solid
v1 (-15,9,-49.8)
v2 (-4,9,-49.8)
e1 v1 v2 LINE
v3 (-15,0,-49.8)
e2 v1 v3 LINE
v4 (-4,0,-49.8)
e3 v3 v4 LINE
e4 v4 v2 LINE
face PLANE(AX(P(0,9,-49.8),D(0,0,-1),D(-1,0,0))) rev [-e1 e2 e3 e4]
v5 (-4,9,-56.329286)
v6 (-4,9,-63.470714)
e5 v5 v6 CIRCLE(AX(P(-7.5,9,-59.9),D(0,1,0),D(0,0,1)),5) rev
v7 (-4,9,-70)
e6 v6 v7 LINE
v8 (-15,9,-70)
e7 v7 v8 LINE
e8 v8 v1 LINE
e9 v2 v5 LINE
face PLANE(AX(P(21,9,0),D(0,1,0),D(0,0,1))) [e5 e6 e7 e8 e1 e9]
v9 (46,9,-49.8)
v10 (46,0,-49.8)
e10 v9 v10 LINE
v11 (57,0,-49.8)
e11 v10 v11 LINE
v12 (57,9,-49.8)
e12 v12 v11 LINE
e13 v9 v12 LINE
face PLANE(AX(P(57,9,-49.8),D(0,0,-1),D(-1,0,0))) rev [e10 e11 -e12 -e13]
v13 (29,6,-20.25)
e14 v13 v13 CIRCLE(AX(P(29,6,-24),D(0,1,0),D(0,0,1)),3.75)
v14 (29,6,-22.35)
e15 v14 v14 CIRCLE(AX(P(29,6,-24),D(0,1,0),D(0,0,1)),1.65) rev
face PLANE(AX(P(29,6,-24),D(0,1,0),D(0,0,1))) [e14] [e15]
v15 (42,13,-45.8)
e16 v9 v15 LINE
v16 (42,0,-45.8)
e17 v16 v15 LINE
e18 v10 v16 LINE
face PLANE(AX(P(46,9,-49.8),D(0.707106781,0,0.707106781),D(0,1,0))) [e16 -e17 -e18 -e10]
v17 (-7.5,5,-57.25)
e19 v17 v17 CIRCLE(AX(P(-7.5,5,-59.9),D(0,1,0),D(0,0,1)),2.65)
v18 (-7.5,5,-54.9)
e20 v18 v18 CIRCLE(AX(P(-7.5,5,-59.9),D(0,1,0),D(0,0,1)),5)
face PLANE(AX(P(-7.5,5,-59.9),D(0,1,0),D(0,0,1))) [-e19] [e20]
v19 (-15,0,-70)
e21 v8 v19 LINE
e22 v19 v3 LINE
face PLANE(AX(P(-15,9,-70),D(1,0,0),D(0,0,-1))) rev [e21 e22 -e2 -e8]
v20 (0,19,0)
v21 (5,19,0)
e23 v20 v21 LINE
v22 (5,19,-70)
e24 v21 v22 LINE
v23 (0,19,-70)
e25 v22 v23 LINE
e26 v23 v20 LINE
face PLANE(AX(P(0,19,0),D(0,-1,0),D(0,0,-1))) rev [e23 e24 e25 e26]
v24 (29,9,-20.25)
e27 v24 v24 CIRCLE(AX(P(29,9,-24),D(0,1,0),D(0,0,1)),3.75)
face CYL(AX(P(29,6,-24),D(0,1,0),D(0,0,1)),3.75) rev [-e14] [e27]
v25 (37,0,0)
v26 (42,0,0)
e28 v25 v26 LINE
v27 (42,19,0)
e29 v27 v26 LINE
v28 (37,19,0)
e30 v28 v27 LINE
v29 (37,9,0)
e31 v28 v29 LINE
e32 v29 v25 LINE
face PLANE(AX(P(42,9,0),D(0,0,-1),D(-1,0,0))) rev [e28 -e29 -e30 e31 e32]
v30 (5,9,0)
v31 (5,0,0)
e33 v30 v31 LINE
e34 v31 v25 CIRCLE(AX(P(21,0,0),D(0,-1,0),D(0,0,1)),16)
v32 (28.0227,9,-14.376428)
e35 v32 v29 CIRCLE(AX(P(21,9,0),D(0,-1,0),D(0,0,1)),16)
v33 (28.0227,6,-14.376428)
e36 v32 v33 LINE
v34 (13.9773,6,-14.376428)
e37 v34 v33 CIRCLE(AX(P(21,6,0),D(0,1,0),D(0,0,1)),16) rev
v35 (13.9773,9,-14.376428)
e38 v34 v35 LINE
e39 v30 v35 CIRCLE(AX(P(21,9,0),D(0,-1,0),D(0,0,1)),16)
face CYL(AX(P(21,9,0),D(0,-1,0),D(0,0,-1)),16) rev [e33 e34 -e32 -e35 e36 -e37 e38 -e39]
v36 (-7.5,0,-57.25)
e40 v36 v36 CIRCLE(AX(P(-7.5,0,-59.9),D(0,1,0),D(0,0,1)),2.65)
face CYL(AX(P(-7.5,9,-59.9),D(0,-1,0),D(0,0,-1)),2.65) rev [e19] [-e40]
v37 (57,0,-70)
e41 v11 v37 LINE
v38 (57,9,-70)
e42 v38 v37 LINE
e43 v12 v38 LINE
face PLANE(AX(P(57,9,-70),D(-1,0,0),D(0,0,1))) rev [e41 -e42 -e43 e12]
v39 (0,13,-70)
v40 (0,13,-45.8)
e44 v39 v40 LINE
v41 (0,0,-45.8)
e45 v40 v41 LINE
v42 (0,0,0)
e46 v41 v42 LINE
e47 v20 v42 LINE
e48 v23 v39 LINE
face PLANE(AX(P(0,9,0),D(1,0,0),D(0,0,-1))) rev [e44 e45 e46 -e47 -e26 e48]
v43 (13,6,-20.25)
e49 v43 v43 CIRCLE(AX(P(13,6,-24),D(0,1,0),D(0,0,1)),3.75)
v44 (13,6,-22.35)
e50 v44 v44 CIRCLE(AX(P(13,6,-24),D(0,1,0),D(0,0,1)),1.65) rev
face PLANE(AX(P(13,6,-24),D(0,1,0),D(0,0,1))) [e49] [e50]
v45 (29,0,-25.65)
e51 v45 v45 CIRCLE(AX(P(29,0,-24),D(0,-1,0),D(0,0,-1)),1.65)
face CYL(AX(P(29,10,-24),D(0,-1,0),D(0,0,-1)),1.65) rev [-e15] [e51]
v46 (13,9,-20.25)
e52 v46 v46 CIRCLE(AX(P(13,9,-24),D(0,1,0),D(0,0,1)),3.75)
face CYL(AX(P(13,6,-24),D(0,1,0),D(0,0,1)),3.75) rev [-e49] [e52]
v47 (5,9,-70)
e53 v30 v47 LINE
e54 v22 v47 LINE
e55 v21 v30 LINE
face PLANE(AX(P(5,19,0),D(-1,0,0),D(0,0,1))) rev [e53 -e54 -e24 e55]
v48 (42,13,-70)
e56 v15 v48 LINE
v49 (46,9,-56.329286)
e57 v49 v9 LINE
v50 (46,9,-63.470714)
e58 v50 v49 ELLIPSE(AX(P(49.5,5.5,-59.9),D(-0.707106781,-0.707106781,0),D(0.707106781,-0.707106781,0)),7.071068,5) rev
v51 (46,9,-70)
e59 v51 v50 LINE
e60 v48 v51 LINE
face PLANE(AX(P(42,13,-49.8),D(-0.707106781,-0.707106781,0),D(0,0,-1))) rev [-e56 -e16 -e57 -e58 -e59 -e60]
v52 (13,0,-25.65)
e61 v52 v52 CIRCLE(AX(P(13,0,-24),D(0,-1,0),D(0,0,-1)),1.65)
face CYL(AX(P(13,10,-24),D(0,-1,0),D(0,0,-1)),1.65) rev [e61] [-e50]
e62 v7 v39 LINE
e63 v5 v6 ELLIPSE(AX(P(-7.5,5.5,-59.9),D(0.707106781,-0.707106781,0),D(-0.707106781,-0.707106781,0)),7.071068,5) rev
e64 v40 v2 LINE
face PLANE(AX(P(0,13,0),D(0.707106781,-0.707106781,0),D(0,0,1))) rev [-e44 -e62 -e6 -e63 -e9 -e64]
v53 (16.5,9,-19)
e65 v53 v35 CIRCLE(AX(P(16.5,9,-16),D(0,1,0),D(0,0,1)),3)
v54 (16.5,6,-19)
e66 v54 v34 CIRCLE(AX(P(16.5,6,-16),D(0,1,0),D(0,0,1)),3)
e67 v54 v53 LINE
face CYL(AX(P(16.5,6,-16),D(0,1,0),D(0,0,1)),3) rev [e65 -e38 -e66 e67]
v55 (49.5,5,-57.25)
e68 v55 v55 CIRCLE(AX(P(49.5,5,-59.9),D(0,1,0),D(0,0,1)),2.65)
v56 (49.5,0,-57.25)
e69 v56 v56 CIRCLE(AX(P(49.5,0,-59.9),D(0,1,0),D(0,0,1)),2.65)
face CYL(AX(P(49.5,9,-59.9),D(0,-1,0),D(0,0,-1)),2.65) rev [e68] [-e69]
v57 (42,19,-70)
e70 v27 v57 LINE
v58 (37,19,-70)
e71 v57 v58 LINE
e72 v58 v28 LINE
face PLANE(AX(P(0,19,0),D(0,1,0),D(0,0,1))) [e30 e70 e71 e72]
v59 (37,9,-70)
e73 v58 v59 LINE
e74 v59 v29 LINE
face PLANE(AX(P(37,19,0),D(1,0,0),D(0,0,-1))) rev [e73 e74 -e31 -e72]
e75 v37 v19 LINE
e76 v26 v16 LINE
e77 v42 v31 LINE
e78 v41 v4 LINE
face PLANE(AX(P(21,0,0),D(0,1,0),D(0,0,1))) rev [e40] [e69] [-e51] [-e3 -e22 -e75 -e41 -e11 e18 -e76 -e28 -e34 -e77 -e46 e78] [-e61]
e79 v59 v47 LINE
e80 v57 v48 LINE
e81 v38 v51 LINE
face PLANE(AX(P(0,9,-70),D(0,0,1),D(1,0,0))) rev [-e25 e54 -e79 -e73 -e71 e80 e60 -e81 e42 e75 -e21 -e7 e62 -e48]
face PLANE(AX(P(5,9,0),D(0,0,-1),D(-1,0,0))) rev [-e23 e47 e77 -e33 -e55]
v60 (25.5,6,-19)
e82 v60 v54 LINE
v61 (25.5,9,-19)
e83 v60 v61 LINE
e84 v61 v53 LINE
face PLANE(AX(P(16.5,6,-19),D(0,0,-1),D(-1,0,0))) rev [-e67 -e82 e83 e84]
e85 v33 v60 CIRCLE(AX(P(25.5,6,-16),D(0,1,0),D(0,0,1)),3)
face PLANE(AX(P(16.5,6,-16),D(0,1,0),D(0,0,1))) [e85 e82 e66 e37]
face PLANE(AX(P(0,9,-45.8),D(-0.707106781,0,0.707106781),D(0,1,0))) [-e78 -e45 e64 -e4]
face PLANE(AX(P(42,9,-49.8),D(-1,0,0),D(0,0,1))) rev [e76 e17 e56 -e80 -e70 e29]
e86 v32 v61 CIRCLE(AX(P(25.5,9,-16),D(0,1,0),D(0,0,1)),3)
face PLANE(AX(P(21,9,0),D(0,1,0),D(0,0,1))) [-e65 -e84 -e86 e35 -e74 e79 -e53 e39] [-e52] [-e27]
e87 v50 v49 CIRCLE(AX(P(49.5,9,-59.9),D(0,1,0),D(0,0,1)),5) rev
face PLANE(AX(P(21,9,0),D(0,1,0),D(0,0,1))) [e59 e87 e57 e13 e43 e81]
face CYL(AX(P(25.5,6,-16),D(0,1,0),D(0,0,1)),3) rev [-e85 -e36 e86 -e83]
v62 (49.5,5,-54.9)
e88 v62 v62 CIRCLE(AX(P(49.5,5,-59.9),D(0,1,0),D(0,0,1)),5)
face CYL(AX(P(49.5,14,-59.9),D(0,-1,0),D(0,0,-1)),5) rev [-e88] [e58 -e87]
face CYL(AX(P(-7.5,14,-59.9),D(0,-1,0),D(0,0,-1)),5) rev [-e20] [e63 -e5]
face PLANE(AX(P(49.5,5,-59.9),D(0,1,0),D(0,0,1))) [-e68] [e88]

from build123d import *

# Parameters (mm, degrees)
SKETCH1_R               = 2.65
BOSS_EXTRUDE1_DEPTH     = 9
SKETCH2_W               = 5
SKETCH2_H               = 70
BOSS_EXTRUDE2_DEPTH     = 10
SKETCH3_R               = 1.65
CUT_EXTRUDE1_DEPTH      = 10
SKETCH4_R               = 3.75
CUT_EXTRUDE2_DEPTH      = 3
CUT_EXTRUDE3_DEPTH      = 3
CHAMFER1_SIZE           = 4
CUT_EXTRUDE4_DEPTH      = 5
CUT_EXTRUDE4_DEPTH_BACK = 4
SKETCH6_R               = 5


with BuildPart() as part:
    # Sketch1 → Boss-Extrude1 (new body)
    with BuildSketch(Plane(origin=(0, 0, 0), x_dir=(1, 0, 0), z_dir=(0, 1, 0))):
        with BuildLine():
            Line((57, 70), (57, 49.8))
            Line((57, 49.8), (42, 49.8))
            Line((42, 49.8), (42, 0))
            Line((42, 0), (37, 0))
            ThreePointArc((37, 0), (21, 16), (5, 0))
            Line((5, 0), (0, 0))
            Line((0, 0), (0, 49.8))
            Line((0, 49.8), (-15, 49.8))
            Line((-15, 49.8), (-15, 70))
            Line((-15, 70), (0, 70))
            Line((0, 70), (57, 70))
        make_face()
        with Locations(Location((-7.5, 59.9, 0), (0, 0, 270))):
            Circle(SKETCH1_R, mode=Mode.SUBTRACT)
        with Locations(Location((49.5, 59.9, 0), (0, 0, 270))):
            Circle(SKETCH1_R, mode=Mode.SUBTRACT)
    extrude(amount=BOSS_EXTRUDE1_DEPTH)

    # Sketch2 → Boss-Extrude2 (add)
    with BuildSketch(Plane(origin=(0, 9, 0), x_dir=(1, 0, 0), z_dir=(0, 1, 0))):
        with Locations((2.5, 35)):
            Rectangle(SKETCH2_W, SKETCH2_H)
        with Locations((39.5, 35)):
            Rectangle(SKETCH2_W, SKETCH2_H)
    extrude(amount=BOSS_EXTRUDE2_DEPTH)

    # Sketch3 → Cut-Extrude1 (cut)
    with BuildSketch(Plane.XZ):
        with Locations(Location((13, -24, 0), (0, 0, 270))):
            Circle(SKETCH3_R)
        with Locations(Location((29, -24, 0), (0, 0, 270))):
            Circle(SKETCH3_R)
    extrude(amount=-CUT_EXTRUDE1_DEPTH, mode=Mode.SUBTRACT)

    # Sketch4 → Cut-Extrude2 (cut)
    with BuildSketch(Plane(origin=(0, 9, 0), x_dir=(1, 0, 0), z_dir=(0, 1, 0))):
        with Locations(Location((13, 24, 0), (0, 0, 270))):
            Circle(SKETCH4_R)
        with Locations(Location((29, 24, 0), (0, 0, 270))):
            Circle(SKETCH4_R)
    extrude(amount=-CUT_EXTRUDE2_DEPTH, mode=Mode.SUBTRACT)

    # Sketch5 → Cut-Extrude3 (cut)
    with BuildSketch(Plane(origin=(0, 9, 0), x_dir=(1, 0, 0), z_dir=(0, 1, 0))):
        with BuildLine():
            Line((16.5, 19), (25.5, 19))
            ThreePointArc((25.5, 19), (28.5, 16), (25.5, 13))
            Line((25.5, 13), (16.5, 13))
            ThreePointArc((16.5, 13), (13.5, 16), (16.5, 19))
        make_face()
    extrude(amount=-CUT_EXTRUDE3_DEPTH, mode=Mode.SUBTRACT)

    # Chamfer1
    chamfer1_edges = [part.edges().sort_by_distance(p)[0] for p in [
        (42, 4.5, -49.8),
        (0, 4.5, -49.8),
        (0, 9, -59.9),
        (42, 9, -59.9),
    ]]
    chamfer(chamfer1_edges, length=CHAMFER1_SIZE)

    # Sketch6 → Cut-Extrude4 (cut, two sides: drawn at the far end of the back side and taken through both)
    with BuildSketch(Plane(origin=(0, 9, 0), x_dir=(1, 0, 0), z_dir=(0, 1, 0)).offset(-CUT_EXTRUDE4_DEPTH_BACK)):
        with Locations(Location((-7.5, 59.9, 0), (0, 0, 45.572995999))):
            Circle(SKETCH6_R)
        with Locations(Location((49.5, 59.9, 0), (0, 0, 134.427004001))):
            Circle(SKETCH6_R)
    extrude(amount=CUT_EXTRUDE4_DEPTH + CUT_EXTRUDE4_DEPTH_BACK, mode=Mode.SUBTRACT)


solid = part.part
